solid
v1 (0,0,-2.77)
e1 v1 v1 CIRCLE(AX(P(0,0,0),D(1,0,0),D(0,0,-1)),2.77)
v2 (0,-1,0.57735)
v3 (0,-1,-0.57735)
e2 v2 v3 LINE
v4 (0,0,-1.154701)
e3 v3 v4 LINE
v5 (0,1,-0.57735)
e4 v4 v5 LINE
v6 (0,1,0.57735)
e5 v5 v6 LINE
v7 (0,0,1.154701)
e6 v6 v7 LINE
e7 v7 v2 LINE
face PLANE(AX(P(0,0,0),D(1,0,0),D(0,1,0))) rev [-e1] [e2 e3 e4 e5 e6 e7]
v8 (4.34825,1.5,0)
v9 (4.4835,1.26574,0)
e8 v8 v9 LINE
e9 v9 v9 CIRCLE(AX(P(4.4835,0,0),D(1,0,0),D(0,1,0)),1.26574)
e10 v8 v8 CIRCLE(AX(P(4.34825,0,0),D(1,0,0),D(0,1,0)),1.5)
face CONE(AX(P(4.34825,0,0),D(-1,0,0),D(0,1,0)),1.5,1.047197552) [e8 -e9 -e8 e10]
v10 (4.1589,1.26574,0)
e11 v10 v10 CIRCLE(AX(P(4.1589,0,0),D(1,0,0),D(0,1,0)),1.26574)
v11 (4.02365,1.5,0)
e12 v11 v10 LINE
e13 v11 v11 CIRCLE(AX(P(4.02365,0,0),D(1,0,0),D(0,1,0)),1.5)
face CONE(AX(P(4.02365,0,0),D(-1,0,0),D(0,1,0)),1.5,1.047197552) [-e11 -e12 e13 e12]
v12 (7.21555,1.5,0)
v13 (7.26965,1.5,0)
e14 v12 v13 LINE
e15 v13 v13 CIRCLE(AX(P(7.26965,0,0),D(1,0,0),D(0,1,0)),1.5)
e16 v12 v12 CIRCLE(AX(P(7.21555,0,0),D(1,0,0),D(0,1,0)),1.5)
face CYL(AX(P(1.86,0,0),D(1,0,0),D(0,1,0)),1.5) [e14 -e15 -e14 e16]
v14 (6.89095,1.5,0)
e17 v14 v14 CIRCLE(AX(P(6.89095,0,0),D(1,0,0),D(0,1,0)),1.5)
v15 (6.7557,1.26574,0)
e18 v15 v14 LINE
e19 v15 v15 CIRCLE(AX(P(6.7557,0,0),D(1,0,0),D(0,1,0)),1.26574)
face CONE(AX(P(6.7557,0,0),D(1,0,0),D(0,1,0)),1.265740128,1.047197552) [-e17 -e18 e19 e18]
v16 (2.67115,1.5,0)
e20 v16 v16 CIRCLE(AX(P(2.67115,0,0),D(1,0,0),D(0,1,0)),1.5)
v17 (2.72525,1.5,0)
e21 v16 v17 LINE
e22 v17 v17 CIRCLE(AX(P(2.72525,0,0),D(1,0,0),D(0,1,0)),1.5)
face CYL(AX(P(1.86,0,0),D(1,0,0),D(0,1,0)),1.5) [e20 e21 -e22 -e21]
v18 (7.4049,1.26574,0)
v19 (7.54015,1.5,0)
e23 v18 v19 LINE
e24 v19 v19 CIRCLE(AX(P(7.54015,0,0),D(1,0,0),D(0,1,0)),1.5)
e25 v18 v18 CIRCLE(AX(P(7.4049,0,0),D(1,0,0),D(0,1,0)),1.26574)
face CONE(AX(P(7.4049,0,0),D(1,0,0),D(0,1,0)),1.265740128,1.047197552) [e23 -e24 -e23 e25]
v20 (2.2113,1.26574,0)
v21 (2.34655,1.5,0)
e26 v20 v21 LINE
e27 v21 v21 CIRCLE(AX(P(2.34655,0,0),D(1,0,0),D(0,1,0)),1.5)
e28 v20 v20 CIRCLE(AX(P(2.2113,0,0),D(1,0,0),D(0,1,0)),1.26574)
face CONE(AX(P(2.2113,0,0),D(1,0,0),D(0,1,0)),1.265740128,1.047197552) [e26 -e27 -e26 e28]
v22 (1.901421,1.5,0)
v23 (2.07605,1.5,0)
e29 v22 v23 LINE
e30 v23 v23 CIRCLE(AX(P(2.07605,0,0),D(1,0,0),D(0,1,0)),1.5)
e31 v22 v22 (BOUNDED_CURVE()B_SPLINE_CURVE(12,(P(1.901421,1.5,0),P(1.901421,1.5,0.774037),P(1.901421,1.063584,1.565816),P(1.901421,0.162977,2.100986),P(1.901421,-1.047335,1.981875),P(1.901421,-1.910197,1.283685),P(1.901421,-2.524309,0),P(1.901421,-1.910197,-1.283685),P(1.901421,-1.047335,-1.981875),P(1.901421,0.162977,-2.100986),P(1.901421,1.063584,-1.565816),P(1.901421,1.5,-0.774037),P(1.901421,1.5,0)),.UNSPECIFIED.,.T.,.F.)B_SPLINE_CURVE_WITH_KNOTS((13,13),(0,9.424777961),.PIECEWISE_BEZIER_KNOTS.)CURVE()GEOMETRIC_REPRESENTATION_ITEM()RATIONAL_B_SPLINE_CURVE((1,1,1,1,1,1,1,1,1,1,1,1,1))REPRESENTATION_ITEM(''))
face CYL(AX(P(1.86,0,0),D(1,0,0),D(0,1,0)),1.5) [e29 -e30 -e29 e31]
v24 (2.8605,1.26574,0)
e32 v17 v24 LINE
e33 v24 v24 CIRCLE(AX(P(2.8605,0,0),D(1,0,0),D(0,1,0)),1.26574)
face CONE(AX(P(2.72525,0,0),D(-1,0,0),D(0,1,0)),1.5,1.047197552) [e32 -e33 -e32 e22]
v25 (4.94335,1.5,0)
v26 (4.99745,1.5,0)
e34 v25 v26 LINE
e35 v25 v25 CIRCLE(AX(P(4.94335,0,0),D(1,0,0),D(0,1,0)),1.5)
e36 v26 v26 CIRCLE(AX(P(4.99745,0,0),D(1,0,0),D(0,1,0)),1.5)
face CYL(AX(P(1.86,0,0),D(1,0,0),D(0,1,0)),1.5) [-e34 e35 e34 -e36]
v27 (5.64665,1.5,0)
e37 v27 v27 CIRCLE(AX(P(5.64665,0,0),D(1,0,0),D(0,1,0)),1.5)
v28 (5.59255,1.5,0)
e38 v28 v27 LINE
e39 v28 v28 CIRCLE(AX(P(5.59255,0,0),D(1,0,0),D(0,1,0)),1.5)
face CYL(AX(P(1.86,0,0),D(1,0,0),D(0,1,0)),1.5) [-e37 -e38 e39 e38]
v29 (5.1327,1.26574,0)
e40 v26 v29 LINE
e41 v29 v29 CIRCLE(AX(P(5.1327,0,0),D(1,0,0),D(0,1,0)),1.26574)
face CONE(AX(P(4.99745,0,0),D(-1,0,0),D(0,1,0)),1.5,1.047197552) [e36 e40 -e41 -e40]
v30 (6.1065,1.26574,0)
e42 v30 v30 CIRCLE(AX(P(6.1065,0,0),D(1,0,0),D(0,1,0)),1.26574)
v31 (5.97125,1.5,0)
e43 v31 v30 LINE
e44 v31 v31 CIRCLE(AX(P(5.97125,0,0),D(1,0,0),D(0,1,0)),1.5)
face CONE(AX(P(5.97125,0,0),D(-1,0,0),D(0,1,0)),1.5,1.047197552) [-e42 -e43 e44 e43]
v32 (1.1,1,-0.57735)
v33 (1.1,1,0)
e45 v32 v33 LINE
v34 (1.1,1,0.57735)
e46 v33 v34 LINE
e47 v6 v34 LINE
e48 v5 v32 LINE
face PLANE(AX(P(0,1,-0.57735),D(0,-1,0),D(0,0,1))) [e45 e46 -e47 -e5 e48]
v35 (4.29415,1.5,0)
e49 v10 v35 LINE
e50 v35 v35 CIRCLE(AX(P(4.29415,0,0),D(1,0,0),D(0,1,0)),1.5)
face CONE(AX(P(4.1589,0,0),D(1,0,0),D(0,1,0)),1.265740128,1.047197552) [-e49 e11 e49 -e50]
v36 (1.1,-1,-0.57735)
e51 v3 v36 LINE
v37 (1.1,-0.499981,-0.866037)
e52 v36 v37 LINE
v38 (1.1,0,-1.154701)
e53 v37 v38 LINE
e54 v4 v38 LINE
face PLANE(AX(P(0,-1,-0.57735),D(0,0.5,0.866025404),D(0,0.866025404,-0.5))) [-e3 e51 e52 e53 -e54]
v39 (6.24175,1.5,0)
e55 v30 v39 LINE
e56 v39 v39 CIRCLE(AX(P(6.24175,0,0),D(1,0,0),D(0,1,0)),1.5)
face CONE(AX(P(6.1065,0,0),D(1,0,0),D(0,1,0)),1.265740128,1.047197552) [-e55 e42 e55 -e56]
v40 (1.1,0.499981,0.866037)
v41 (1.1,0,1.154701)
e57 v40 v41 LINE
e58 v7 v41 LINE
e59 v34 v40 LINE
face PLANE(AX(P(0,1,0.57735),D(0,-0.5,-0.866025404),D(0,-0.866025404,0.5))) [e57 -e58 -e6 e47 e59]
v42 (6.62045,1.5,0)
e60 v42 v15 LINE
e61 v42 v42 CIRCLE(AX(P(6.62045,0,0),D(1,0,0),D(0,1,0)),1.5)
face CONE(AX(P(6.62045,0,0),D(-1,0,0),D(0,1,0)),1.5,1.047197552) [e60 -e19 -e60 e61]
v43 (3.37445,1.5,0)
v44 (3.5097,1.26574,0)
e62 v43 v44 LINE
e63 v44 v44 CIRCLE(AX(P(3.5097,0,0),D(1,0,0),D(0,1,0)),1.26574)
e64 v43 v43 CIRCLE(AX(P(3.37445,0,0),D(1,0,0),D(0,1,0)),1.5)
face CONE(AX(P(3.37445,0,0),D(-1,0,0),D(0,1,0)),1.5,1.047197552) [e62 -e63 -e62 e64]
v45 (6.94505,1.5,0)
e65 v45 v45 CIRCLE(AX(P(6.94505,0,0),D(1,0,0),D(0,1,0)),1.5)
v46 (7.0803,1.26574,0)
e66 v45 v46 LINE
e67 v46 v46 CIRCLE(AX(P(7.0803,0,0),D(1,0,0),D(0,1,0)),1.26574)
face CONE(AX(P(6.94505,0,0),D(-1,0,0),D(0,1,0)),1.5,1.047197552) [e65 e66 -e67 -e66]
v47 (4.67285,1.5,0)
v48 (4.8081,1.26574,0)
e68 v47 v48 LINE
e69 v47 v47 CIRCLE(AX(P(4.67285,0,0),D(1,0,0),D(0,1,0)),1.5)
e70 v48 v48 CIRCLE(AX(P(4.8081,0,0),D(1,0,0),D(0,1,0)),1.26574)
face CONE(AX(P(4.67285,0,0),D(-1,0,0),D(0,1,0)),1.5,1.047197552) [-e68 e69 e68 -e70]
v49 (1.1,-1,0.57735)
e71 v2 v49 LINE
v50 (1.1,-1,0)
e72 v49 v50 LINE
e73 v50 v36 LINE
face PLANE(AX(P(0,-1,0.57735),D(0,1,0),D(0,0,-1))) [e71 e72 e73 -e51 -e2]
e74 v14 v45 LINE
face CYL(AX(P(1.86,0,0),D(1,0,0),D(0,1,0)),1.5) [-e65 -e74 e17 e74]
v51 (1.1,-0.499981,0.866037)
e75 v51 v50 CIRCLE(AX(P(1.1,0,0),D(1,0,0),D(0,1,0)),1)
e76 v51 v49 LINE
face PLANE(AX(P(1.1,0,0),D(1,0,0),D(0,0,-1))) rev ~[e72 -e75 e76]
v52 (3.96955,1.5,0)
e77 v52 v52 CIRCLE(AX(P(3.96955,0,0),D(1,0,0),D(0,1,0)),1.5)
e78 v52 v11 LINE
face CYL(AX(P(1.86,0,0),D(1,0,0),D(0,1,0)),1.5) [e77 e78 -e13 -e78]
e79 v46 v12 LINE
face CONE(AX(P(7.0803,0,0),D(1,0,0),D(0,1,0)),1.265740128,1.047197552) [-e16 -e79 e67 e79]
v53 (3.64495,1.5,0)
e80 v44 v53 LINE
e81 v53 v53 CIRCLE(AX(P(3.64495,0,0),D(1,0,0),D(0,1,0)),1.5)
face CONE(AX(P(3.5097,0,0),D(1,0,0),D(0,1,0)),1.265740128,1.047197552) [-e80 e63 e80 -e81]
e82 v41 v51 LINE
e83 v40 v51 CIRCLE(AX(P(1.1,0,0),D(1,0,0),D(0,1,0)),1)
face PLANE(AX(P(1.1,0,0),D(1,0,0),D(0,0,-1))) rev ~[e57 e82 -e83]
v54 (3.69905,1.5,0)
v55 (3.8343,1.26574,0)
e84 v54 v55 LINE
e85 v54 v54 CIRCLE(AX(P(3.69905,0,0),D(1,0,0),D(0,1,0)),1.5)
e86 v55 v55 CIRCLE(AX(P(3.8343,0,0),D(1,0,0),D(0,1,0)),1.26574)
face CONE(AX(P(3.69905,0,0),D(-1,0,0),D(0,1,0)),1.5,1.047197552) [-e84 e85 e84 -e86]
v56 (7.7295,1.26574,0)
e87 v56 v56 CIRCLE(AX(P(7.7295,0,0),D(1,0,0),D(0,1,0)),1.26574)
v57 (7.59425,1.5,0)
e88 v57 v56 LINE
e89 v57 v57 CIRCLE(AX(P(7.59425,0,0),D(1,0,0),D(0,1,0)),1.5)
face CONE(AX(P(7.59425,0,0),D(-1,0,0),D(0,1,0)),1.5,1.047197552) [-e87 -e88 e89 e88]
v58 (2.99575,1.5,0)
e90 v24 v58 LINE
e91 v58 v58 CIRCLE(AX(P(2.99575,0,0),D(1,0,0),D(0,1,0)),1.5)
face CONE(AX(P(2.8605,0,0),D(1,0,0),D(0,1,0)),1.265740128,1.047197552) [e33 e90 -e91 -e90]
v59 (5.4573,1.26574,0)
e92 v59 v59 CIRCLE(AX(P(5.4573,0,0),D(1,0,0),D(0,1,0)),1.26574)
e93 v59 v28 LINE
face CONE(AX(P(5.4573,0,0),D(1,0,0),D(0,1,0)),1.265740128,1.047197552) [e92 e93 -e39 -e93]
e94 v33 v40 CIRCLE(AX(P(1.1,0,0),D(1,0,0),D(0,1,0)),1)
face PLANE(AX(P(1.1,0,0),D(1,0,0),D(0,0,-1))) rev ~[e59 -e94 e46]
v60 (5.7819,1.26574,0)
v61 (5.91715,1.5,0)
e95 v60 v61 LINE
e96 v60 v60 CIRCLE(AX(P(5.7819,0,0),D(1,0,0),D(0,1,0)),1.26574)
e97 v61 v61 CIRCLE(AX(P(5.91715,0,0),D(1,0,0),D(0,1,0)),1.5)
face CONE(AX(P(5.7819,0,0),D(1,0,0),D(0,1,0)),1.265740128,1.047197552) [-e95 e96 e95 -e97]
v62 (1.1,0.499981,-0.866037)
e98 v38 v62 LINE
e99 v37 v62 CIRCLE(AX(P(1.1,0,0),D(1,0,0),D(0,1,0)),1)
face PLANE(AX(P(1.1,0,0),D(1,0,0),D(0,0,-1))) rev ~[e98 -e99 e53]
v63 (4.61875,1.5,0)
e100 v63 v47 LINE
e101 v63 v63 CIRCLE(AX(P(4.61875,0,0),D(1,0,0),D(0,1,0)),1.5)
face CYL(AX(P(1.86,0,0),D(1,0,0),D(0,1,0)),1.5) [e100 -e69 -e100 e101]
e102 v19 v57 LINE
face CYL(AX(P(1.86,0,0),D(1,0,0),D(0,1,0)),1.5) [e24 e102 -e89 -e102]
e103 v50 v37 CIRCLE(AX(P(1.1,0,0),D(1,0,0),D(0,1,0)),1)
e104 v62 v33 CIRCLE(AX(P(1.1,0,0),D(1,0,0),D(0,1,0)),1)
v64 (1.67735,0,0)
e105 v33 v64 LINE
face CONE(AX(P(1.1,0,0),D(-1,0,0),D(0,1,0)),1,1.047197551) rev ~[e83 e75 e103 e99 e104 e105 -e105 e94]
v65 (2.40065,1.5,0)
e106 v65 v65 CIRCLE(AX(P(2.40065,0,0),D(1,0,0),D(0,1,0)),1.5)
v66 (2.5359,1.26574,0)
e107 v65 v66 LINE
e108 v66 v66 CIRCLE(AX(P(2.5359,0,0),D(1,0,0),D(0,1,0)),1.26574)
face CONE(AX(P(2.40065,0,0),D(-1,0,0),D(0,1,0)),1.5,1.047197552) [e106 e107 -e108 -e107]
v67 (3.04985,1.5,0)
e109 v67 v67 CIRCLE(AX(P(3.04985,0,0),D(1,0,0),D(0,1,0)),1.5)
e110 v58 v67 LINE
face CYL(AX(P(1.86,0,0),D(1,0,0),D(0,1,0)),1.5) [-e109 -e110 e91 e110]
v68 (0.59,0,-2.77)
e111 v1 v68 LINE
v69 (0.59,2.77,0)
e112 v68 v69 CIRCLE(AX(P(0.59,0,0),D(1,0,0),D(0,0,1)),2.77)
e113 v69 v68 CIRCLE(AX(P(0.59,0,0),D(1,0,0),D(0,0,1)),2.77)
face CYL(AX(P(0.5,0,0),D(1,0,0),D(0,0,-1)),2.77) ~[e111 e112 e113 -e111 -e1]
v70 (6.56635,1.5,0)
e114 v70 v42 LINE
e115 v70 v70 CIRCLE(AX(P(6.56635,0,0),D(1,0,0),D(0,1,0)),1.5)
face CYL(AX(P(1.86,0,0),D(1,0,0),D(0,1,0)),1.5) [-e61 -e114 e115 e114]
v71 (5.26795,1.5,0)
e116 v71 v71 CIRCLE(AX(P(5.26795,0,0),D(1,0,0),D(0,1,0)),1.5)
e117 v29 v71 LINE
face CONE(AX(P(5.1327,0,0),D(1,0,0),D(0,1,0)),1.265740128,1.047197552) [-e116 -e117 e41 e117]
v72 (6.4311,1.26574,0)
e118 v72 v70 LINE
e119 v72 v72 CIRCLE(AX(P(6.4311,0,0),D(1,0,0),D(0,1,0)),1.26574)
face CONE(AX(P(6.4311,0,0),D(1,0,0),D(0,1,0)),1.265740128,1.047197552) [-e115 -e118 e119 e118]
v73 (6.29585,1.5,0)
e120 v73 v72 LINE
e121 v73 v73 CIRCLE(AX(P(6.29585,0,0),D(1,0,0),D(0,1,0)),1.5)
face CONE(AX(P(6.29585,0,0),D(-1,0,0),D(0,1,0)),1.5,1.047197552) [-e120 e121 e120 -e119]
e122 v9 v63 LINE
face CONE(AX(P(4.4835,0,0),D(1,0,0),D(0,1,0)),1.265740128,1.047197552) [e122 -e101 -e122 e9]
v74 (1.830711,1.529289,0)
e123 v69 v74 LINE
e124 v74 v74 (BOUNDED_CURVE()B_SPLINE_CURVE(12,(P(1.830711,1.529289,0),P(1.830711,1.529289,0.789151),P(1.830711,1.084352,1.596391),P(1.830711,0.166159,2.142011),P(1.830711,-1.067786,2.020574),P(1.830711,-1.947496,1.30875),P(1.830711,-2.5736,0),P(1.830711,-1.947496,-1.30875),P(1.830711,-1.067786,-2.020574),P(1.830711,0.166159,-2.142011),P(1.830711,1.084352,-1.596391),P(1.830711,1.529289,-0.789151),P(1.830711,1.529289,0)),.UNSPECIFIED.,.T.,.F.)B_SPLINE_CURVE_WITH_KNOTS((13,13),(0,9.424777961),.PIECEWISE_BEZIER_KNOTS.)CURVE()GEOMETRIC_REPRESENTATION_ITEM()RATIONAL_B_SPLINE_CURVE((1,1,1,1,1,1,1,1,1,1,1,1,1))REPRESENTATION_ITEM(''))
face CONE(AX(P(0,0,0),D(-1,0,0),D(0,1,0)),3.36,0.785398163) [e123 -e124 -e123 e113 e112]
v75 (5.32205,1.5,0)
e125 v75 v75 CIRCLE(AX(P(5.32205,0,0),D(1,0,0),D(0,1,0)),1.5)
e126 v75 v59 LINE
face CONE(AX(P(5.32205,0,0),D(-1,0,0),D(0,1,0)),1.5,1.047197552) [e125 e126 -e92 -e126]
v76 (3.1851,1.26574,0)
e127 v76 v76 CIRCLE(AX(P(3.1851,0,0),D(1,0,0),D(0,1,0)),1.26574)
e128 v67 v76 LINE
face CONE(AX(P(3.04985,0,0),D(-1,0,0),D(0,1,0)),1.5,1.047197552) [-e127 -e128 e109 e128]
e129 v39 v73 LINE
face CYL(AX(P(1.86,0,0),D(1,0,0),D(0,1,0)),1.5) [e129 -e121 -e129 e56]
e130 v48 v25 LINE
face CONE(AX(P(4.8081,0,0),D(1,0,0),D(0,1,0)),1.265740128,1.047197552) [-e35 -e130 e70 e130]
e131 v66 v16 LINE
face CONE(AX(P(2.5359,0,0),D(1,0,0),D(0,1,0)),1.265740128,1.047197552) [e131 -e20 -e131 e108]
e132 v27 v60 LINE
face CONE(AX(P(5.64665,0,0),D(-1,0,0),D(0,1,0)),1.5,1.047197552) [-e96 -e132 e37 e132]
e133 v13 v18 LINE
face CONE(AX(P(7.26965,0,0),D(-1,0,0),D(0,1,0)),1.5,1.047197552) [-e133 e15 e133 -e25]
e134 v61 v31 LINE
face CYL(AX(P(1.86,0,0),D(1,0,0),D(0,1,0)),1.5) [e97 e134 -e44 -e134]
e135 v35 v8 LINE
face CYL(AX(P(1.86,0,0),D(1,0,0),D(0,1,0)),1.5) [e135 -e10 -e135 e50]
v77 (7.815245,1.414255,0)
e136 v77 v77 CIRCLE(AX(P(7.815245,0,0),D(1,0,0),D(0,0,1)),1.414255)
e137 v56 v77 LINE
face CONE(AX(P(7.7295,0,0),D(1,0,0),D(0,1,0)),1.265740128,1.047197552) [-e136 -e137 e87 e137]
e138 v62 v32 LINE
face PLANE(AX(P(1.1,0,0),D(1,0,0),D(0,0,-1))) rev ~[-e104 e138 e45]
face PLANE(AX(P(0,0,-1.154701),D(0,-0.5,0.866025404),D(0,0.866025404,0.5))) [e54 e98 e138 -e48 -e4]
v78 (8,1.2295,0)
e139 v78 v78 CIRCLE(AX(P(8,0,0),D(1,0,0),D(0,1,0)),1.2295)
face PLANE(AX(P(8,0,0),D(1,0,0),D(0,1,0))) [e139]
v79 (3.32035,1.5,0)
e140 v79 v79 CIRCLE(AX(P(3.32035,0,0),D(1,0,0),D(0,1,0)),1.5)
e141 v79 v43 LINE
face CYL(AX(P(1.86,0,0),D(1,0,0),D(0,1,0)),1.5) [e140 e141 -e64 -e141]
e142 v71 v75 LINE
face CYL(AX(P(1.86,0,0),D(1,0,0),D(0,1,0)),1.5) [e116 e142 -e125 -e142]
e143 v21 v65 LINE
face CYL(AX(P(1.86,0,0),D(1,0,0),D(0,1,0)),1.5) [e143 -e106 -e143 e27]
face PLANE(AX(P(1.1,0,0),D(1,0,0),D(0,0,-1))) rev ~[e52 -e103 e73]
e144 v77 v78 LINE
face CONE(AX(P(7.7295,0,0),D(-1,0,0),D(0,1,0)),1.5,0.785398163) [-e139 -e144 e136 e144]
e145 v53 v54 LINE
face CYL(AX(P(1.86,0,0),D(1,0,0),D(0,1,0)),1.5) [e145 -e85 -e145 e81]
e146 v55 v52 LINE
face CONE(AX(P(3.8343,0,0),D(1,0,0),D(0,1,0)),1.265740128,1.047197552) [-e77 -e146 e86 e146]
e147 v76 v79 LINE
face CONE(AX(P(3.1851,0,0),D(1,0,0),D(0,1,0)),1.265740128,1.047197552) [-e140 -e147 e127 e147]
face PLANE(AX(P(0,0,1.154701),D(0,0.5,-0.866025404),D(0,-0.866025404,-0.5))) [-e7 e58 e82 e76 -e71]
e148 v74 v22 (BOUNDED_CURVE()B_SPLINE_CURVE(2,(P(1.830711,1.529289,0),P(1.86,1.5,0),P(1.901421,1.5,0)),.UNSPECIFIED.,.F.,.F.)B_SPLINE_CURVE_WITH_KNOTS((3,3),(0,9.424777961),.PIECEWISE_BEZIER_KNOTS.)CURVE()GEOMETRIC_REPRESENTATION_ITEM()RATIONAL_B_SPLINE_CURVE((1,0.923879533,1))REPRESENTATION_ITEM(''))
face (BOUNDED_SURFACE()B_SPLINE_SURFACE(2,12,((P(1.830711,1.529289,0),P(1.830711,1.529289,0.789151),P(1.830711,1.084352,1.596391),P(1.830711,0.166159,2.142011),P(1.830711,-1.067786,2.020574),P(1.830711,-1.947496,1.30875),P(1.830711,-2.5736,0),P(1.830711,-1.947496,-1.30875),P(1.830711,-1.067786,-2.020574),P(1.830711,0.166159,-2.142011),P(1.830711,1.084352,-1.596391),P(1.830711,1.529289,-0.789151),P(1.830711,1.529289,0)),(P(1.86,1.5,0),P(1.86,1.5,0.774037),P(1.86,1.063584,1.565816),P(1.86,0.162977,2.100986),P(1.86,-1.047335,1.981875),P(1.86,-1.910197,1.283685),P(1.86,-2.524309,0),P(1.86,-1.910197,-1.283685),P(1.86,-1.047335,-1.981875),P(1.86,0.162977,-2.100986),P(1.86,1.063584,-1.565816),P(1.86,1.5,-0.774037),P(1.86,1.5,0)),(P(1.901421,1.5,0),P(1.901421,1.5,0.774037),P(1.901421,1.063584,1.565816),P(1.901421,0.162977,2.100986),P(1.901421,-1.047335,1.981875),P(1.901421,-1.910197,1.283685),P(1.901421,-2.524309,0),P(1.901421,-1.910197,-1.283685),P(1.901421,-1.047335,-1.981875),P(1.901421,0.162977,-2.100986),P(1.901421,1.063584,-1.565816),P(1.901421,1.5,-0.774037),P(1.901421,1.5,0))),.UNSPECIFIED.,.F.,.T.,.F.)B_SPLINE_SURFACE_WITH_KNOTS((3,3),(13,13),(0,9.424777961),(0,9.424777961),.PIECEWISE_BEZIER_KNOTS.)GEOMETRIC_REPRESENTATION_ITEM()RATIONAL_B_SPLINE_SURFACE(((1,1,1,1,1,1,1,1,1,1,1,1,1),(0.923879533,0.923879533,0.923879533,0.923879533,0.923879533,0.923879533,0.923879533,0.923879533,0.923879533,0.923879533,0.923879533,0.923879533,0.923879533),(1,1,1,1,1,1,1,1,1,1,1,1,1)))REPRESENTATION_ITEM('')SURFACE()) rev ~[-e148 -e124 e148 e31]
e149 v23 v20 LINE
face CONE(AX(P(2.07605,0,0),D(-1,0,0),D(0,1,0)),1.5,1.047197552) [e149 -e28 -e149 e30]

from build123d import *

# Parameters (mm, degrees)
HEXAGONSOCKET_DEPTH = 1.1
HEADFILLET_R        = 0.1
CHAMFER_2_SIZE      = 0.2705
SKETCH4_W           = 5
SKETCH4_H           = 5
LPATTERN10_COUNT    = 18
LPATTERN10_PITCH    = 0.3246


with BuildPart() as part:
    # Sketch1 → Base (revolve)
    with BuildSketch(Plane.XY):
        Polygon((0, 0), (0, 3.36), (1.86, 1.5), (8, 1.5), (8, 0), align=None)
    revolve(axis=Axis((-0.587069181, 0, 0), (1, 0, 0)))

    # Sketch2 → HexagonSocket (cut)
    with BuildSketch(Plane(origin=(0, 0, 0), x_dir=(0, 0, -1), z_dir=(1, 0, 0))):
        Polygon((1.154700538, 0), (0.577350269, 1), (-0.577350269, 1), (-1.154700538, 0), (-0.577350269, -1), (0.577350269, -1), align=None)
    extrude(amount=HEXAGONSOCKET_DEPTH, mode=Mode.SUBTRACT)

    # Sketch3 → Cut-Revolve1 (revolve, cut)
    with BuildSketch(Plane.XY):
        Polygon((1.1, 1), (1.677350269, 0), (1.1, 0), align=None)
    revolve(axis=Axis((-0.439109555, 0, 0), (1, 0, 0)), mode=Mode.SUBTRACT)

    # HeadFillet
    headfillet_edges = [part.edges().sort_by_distance(p)[0] for p in [
        (1.86, -1.5, 0),
    ]]
    fillet(headfillet_edges, radius=HEADFILLET_R)

    # Chamfer 2
    chamfer_2_edges = [part.edges().sort_by_distance(p)[0] for p in [
        (8, -1.5, 0),
    ]]
    chamfer(chamfer_2_edges, length=CHAMFER_2_SIZE)

    # Sketch4 → Cut-Revolve2 (revolve, cut)
    with BuildSketch(Plane(origin=(0, 0, 0), x_dir=(1, 0, 0), z_dir=(0, 1, 0))):
        with Locations((0.5, 5.27)):
            Rectangle(SKETCH4_W, SKETCH4_H)
    revolve(axis=Axis((11.853138686, 0, 0), (-1, 0, 0)), mode=Mode.SUBTRACT)

    # Sketch5 → Cut-Revolve10 (revolve, cut)
    with BuildSketch(Plane.XY):
        Polygon((7.7295, 1.265740128), (7.86475, 1.5), (7.86475, 1.7705), (7.59425, 1.7705), (7.59425, 1.5), align=None)
    cut_revolve10 = revolve(axis=Axis((0, 0, 0), (1, 0, 0)), mode=Mode.SUBTRACT)

    # LPattern10: Cut-Revolve10 ×18
    with Locations(*[(-i * LPATTERN10_PITCH, 0, 0) for i in range(1, LPATTERN10_COUNT)]):
        add(cut_revolve10, mode=Mode.SUBTRACT)


solid = part.part
